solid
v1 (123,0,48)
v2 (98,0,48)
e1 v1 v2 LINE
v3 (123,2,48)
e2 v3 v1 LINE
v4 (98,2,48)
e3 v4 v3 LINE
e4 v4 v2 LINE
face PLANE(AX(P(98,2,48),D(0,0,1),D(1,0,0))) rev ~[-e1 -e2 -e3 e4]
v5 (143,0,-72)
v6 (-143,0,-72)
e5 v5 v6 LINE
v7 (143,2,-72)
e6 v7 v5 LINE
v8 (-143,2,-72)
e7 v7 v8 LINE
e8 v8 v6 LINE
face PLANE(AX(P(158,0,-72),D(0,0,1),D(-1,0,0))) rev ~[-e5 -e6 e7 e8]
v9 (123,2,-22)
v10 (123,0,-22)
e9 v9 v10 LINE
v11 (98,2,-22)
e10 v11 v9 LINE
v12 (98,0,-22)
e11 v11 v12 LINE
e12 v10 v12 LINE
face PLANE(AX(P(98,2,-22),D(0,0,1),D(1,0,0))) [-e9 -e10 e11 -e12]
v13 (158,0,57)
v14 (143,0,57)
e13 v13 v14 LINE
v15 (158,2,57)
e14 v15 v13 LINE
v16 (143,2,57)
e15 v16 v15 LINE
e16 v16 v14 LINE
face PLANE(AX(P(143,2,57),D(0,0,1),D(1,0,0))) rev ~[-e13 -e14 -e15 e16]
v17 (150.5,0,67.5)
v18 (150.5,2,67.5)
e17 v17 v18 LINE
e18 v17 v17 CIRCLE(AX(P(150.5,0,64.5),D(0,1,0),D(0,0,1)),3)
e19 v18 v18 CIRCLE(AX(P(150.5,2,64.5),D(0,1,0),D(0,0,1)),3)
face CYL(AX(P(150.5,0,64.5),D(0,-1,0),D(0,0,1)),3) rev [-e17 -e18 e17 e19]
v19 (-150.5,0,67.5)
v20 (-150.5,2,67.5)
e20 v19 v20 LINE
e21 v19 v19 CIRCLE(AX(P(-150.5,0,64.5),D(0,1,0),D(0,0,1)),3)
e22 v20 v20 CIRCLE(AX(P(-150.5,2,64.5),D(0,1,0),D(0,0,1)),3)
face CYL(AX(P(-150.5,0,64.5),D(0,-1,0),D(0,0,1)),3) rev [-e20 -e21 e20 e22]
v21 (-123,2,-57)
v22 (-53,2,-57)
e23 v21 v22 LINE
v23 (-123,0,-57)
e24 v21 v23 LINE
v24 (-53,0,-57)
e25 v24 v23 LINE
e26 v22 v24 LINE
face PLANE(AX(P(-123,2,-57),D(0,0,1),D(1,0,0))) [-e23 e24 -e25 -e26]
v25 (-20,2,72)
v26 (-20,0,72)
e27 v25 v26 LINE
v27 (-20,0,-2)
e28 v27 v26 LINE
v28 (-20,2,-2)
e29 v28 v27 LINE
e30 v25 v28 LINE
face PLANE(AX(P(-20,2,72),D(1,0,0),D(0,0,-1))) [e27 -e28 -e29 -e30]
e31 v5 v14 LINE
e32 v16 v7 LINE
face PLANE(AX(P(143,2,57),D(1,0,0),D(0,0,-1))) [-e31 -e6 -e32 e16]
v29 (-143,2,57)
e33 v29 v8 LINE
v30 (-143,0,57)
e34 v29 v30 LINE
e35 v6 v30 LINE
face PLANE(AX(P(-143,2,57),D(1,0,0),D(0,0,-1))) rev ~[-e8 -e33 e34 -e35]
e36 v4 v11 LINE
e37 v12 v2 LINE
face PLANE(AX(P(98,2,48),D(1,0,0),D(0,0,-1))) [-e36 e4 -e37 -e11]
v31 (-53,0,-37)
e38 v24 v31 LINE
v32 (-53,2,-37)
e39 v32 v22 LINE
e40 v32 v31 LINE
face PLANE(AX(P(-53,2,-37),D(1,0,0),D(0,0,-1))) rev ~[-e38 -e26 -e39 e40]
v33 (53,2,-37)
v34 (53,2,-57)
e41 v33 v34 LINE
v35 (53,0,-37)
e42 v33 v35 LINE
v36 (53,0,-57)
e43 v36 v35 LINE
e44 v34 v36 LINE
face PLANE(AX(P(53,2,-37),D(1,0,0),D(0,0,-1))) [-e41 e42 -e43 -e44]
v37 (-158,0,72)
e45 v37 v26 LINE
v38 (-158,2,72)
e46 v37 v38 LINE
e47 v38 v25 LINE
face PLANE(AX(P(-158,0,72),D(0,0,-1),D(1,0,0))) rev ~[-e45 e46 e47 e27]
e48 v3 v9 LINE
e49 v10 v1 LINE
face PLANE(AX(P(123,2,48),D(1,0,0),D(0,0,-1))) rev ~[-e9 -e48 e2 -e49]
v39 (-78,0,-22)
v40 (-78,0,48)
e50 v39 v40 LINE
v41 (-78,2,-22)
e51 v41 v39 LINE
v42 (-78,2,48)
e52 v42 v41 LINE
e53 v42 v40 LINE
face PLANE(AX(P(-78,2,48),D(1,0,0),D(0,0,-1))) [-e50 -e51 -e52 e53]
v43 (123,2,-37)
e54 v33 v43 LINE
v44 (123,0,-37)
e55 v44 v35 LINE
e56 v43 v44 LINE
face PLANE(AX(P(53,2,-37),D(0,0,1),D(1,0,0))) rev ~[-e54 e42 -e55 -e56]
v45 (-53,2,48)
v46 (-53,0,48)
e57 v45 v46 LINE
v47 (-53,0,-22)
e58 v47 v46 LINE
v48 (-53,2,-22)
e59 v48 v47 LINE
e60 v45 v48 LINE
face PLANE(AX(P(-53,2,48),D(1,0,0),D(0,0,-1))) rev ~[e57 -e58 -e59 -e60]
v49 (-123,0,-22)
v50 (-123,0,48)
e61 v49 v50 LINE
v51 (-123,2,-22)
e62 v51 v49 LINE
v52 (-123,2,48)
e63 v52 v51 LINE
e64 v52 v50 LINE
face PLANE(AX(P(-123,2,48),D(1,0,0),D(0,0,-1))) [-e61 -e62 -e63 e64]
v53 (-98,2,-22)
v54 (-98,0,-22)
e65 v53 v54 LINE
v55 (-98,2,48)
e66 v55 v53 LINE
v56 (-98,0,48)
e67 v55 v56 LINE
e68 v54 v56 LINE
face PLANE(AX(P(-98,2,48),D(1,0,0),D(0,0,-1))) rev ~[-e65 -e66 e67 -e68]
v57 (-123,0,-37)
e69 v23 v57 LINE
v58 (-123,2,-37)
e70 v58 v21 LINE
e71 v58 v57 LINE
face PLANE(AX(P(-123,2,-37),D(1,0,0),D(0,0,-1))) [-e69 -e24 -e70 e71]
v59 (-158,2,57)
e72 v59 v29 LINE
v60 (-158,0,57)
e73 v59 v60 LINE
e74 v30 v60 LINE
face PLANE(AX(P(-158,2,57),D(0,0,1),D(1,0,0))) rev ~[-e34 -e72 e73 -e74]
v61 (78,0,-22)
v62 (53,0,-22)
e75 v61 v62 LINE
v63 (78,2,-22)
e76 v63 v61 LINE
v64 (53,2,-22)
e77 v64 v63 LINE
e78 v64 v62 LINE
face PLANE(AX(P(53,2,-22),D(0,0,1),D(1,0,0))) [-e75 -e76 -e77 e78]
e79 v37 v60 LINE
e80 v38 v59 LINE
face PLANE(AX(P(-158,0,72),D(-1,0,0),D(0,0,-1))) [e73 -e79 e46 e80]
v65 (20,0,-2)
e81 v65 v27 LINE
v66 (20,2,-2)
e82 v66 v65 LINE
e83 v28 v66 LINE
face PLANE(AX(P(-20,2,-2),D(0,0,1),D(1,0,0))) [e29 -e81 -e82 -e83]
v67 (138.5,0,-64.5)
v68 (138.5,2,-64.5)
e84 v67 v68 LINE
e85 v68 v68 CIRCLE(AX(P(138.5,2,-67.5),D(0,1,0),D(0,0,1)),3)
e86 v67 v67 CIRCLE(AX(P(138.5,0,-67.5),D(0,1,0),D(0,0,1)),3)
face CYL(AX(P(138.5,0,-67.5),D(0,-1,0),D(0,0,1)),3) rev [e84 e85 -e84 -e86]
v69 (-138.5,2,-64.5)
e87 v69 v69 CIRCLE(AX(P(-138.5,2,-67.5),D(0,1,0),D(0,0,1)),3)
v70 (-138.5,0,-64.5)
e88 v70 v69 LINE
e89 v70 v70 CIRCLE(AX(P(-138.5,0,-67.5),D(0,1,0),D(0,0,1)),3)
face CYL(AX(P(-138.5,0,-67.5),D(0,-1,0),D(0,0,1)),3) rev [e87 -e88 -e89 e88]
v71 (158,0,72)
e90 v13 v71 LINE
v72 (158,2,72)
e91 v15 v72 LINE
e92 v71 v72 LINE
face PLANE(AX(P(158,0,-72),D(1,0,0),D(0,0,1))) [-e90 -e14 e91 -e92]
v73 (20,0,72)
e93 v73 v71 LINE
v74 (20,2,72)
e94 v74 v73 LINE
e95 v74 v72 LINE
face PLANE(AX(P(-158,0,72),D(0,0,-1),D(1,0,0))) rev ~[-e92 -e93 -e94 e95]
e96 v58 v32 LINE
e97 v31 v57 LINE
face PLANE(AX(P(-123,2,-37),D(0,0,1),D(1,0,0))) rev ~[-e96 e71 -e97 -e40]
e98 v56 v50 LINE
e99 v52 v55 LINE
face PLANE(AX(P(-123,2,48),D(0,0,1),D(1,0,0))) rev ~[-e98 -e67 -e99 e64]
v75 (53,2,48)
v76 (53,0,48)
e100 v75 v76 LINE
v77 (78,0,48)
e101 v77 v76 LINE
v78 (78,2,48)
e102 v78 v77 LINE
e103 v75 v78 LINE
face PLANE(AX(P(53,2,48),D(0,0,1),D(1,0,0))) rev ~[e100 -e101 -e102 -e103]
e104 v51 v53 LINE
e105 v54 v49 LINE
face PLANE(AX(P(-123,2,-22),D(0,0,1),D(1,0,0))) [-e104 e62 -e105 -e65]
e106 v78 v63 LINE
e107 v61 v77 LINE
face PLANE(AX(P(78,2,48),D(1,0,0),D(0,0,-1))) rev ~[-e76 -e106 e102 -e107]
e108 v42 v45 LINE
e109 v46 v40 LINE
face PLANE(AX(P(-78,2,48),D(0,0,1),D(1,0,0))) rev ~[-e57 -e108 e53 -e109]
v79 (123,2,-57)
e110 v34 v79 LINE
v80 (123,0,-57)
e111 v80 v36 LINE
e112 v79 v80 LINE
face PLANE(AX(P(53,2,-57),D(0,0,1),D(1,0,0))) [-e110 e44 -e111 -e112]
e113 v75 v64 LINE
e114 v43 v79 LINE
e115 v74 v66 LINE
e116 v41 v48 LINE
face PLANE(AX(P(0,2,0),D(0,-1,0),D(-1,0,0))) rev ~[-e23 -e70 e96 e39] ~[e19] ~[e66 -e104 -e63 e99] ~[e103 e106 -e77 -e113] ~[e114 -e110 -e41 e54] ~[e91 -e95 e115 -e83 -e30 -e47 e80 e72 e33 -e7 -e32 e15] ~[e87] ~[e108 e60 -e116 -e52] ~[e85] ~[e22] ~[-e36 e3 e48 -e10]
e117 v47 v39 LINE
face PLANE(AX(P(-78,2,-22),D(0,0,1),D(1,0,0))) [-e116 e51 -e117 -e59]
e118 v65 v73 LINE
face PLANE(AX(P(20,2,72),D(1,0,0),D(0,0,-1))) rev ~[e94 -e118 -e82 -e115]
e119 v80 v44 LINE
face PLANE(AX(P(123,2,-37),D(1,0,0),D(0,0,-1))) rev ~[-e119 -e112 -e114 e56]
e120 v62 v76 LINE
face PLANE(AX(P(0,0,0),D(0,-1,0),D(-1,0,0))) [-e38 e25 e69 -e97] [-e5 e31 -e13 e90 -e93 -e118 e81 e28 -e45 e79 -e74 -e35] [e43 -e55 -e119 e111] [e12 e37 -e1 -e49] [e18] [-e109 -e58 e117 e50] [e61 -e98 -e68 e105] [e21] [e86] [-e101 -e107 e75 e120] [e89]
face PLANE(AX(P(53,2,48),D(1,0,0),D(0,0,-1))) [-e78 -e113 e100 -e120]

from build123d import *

# Parameters (mm, degrees)
SKETCH_1_R          = 3
EXTRUDE_1_DEPTH     = 2
SKETCH_2_W          = 15
SKETCH_2_H          = 129
CUT_EXTRUDE_1_DEPTH = 174.643312569
SKETCH_3_W          = 40
SKETCH_3_H          = 74
CUT_EXTRUDE_2_DEPTH = 174.643312569
SKETCH_4_W          = 70
SKETCH_4_H          = 20
SKETCH_4_W_2        = 25
SKETCH_4_H_2        = 70
CUT_EXTRUDE_3_DEPTH = 174.643312569


with BuildPart() as part:
    # Эскиз1 → Бобышка-Вытянуть1 (new body)
    with BuildSketch(Plane(origin=(0, 0, 0), x_dir=(1, 0, 0), z_dir=(0, 1, 0))):
        Polygon((-143, 72), (158, 72), (158, -72), (-143, -72), (-158, -72), (-158, 72), align=None)
        with Locations(Location((-138.5, 67.5, 0), (0, 0, 270))):
            Circle(SKETCH_1_R, mode=Mode.SUBTRACT)
        with Locations(Location((-150.5, -64.5, 0), (0, 0, 270))):
            Circle(SKETCH_1_R, mode=Mode.SUBTRACT)
        with Locations(Location((150.5, -64.5, 0), (0, 0, 270))):
            Circle(SKETCH_1_R, mode=Mode.SUBTRACT)
        with Locations(Location((138.5, 67.5, 0), (0, 0, 270))):
            Circle(SKETCH_1_R, mode=Mode.SUBTRACT)
    extrude(amount=EXTRUDE_1_DEPTH)

    # Эскиз2 → Вырез-Вытянуть1 (cut, through all)
    with BuildSketch(Plane(origin=(0, 2, 0), x_dir=(1, 0, 0), z_dir=(0, 1, 0))):
        with Locations((150.5, 7.5)):
            Rectangle(SKETCH_2_W, SKETCH_2_H)
        with Locations((-150.5, 7.5)):
            Rectangle(SKETCH_2_W, SKETCH_2_H)
    extrude(amount=-CUT_EXTRUDE_1_DEPTH, mode=Mode.SUBTRACT)

    # Эскиз3 → Вырез-Вытянуть2 (cut, through all)
    with BuildSketch(Plane(origin=(0, 2, 0), x_dir=(1, 0, 0), z_dir=(0, 1, 0))):
        with Locations((0, -35)):
            Rectangle(SKETCH_3_W, SKETCH_3_H)
    extrude(amount=-CUT_EXTRUDE_2_DEPTH, mode=Mode.SUBTRACT)

    # Эскиз4 → Вырез-Вытянуть3 (cut, through all)
    with BuildSketch(Plane(origin=(0, 2, 0), x_dir=(1, 0, 0), z_dir=(0, 1, 0))):
        with Locations((-88, 47)):
            Rectangle(SKETCH_4_W, SKETCH_4_H)
        with Locations((-110.5, -13)):
            Rectangle(SKETCH_4_W_2, SKETCH_4_H_2)
        with Locations((-65.5, -13)):
            Rectangle(SKETCH_4_W_2, SKETCH_4_H_2)
        with Locations((65.5, -13)):
            Rectangle(SKETCH_4_W_2, SKETCH_4_H_2)
        with Locations((110.5, -13)):
            Rectangle(SKETCH_4_W_2, SKETCH_4_H_2)
        with Locations((88, 47)):
            Rectangle(SKETCH_4_W, SKETCH_4_H)
    extrude(amount=-CUT_EXTRUDE_3_DEPTH, mode=Mode.SUBTRACT)


solid = part.part
